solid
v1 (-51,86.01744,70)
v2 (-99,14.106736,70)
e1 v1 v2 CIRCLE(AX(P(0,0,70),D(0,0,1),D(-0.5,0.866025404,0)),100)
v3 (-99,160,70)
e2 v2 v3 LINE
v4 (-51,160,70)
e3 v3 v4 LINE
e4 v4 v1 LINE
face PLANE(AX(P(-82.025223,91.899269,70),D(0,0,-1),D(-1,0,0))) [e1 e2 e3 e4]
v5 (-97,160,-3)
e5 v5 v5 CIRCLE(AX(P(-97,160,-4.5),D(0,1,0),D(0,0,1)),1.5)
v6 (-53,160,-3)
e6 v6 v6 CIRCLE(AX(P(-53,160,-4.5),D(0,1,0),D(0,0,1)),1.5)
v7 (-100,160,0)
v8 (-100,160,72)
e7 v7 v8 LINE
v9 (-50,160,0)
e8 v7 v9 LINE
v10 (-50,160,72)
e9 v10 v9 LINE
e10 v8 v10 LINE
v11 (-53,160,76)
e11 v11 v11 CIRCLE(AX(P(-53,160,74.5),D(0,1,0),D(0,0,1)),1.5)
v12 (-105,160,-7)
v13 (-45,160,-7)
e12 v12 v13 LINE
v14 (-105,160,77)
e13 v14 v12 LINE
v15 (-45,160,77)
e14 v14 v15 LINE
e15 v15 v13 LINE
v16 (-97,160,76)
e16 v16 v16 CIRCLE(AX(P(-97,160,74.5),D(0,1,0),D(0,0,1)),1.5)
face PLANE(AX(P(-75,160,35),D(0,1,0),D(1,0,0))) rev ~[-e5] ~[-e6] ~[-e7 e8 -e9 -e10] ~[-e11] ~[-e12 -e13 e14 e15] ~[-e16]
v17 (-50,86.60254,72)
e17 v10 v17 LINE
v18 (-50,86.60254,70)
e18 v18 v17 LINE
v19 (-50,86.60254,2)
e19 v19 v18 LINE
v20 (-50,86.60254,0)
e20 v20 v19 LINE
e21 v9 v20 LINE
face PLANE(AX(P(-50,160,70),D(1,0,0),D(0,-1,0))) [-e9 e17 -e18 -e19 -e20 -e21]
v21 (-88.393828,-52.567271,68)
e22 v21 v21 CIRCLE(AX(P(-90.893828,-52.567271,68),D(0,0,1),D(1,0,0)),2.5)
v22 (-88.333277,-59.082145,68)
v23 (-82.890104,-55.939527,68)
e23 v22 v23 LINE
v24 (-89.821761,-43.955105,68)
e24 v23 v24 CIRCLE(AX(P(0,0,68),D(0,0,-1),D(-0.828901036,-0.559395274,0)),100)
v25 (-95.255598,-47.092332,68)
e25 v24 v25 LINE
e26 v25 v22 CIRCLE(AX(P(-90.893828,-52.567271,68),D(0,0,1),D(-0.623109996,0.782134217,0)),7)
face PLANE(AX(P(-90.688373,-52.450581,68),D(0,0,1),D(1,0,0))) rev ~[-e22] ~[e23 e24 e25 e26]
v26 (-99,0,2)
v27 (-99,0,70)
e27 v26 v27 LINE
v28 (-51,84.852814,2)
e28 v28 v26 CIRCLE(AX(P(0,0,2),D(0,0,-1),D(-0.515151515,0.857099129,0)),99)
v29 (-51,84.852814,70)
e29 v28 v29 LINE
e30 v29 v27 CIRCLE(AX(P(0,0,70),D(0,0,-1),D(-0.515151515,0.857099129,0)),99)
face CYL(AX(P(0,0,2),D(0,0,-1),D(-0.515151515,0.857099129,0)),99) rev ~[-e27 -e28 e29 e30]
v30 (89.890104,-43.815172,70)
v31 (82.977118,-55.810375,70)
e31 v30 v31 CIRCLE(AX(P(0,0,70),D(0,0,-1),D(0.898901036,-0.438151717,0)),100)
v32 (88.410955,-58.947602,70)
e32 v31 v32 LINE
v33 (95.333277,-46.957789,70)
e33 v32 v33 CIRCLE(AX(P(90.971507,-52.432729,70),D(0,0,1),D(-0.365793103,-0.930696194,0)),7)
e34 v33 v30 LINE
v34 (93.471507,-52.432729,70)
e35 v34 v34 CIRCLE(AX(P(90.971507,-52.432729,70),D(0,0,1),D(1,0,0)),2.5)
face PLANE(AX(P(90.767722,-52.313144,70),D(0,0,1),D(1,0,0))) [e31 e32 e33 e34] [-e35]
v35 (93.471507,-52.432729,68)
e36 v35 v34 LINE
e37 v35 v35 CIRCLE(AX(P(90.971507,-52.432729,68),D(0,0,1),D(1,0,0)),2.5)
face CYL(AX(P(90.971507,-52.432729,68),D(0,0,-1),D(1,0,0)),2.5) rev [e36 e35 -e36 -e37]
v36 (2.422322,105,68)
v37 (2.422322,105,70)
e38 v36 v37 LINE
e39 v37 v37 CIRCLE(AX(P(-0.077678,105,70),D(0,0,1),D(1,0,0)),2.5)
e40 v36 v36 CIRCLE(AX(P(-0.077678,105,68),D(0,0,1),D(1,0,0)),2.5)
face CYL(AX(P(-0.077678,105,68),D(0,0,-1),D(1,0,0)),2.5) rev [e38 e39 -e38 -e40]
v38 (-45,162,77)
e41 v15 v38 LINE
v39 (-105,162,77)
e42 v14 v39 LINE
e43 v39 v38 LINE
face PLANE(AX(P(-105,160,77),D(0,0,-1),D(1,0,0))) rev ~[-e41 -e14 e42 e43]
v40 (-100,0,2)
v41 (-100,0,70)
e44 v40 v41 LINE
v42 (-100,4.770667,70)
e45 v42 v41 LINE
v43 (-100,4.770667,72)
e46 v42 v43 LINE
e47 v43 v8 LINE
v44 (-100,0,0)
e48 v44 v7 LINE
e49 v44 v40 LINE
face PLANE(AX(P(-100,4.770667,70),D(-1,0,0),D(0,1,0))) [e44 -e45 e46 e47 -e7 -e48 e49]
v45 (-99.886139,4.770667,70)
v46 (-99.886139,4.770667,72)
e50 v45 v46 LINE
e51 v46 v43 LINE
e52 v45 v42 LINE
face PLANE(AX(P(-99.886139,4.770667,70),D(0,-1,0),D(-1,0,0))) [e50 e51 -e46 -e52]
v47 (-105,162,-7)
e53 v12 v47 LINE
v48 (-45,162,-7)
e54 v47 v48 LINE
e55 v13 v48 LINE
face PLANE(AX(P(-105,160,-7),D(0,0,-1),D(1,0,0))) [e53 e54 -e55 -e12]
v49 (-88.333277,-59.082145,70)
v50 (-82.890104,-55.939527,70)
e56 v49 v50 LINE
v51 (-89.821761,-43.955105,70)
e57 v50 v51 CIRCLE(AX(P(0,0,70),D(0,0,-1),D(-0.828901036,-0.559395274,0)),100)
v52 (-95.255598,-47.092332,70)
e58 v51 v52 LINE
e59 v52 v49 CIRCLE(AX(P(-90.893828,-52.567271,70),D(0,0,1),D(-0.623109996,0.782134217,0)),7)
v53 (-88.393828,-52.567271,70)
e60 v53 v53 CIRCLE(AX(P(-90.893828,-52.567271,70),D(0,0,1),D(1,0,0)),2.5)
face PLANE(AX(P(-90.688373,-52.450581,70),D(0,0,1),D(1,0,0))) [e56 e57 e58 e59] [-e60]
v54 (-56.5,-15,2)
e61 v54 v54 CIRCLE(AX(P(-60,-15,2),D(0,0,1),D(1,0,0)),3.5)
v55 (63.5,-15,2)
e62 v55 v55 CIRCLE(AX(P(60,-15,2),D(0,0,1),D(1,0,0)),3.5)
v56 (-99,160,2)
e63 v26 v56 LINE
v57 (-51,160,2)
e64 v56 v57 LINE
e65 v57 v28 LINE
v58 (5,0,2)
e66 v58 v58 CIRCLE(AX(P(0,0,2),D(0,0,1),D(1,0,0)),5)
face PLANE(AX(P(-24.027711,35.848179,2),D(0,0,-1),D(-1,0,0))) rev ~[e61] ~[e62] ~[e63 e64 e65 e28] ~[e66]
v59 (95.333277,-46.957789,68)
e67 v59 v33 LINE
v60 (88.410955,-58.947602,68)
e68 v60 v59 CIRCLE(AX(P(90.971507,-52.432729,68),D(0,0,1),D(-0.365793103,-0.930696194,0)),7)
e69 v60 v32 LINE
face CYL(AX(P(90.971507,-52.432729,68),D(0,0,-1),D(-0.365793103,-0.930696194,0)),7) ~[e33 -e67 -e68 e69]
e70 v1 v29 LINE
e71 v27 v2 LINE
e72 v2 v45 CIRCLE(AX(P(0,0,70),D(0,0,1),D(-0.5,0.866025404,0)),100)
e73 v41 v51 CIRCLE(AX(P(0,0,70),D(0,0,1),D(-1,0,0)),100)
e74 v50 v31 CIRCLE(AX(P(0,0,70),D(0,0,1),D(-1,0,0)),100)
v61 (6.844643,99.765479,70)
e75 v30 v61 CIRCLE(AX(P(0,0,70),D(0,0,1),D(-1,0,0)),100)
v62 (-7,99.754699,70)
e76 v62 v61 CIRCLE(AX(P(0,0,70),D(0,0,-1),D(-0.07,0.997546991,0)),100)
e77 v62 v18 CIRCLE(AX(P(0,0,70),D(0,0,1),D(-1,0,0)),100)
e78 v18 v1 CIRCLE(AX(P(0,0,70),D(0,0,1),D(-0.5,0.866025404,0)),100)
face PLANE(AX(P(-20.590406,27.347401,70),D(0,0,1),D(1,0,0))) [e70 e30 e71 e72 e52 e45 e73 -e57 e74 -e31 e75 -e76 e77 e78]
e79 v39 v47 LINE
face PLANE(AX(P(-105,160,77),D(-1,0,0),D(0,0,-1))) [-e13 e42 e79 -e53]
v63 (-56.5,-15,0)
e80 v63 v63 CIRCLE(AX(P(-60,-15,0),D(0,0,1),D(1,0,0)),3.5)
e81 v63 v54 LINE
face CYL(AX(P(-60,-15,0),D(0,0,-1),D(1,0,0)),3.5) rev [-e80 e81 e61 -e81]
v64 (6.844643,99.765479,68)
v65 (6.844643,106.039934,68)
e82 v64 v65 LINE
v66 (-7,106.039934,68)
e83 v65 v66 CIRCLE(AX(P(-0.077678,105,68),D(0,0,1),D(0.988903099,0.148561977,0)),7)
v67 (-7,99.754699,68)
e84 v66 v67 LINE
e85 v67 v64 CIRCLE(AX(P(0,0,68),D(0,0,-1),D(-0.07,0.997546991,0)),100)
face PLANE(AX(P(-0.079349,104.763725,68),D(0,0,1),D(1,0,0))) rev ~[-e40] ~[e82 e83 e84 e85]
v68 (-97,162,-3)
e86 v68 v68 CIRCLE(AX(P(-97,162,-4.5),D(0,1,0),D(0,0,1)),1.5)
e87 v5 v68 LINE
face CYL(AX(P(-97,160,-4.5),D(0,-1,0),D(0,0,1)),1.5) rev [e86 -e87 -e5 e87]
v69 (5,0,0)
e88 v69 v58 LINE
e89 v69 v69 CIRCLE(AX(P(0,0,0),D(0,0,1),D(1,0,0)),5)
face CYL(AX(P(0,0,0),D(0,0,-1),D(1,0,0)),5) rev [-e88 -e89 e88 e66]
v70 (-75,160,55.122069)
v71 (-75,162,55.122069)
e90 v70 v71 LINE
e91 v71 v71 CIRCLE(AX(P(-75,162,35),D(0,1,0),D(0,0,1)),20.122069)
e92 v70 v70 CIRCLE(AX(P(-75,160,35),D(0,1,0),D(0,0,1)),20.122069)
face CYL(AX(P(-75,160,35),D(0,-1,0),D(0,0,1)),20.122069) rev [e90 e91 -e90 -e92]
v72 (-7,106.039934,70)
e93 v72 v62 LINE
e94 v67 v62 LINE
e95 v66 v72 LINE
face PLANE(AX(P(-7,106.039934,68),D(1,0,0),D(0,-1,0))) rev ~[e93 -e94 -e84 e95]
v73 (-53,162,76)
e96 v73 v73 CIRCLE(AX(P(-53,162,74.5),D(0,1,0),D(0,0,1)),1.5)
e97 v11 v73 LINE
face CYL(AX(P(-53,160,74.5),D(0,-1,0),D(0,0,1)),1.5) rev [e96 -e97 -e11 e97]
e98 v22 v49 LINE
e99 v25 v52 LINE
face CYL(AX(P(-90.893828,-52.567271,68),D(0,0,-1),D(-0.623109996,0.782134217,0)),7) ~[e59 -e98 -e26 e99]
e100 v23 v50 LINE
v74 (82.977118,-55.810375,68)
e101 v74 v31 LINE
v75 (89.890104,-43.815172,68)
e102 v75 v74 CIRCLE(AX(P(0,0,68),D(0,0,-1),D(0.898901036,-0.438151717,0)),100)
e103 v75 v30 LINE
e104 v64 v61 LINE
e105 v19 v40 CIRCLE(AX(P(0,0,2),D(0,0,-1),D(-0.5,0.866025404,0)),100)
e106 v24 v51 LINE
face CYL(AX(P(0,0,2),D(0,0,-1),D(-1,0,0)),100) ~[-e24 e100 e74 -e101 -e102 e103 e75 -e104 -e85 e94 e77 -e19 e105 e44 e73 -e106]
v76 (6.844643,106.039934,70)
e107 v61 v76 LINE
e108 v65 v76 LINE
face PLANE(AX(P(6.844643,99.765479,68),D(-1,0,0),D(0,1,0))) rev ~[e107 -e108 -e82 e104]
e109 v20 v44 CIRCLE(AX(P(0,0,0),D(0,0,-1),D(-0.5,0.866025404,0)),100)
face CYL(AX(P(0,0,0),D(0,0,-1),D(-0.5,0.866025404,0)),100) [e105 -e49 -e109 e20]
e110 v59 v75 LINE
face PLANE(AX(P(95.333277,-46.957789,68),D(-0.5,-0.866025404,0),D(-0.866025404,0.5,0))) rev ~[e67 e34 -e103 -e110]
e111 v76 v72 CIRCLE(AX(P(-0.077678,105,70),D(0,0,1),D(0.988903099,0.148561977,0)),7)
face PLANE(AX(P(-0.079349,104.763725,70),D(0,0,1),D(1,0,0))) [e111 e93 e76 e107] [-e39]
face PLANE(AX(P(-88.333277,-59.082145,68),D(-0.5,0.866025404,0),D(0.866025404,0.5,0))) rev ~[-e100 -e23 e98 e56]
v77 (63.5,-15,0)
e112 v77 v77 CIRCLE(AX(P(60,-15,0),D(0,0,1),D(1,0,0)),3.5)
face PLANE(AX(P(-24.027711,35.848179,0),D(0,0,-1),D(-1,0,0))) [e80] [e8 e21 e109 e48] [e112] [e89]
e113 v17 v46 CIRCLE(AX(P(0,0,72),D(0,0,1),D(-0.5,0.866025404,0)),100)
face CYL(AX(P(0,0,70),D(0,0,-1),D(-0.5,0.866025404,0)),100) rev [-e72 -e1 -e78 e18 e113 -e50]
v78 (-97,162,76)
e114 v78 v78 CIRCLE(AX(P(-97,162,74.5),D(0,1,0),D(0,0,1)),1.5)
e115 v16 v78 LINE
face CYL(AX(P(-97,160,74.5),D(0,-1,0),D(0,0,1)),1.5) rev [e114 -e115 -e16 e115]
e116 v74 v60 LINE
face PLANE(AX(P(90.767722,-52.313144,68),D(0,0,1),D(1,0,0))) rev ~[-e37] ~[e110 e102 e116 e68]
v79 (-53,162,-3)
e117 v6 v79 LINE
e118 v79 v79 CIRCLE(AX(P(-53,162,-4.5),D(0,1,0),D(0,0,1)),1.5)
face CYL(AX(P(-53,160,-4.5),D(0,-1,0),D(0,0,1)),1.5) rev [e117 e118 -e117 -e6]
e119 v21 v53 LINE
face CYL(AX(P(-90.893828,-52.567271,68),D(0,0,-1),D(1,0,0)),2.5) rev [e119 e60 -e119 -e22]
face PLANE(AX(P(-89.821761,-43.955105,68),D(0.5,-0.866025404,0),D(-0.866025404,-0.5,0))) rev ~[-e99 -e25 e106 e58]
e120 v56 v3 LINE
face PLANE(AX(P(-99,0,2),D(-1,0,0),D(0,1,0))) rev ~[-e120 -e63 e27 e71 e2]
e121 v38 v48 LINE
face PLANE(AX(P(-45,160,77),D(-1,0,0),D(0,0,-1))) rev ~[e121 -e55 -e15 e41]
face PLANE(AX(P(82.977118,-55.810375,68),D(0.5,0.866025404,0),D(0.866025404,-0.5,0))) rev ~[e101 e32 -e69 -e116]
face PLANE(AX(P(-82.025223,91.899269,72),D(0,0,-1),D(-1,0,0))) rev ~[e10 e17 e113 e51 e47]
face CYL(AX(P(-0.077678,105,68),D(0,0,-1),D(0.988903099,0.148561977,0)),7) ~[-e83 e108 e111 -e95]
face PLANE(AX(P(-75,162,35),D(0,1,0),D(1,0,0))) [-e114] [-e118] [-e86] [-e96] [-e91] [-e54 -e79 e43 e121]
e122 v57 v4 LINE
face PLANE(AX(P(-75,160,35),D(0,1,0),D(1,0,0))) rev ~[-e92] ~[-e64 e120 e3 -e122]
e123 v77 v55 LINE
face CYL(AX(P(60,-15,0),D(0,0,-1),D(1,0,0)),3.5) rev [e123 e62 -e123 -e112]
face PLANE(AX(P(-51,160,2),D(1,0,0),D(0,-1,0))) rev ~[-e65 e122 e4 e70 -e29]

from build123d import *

# Parameters (mm, degrees)
IZIM1_R                     = 3.5
IZIM1_R_2                   = 5
Y_KSEKLIK_EKSTR_ZYON1_DEPTH = 2
Y_KSEKLIK_EKSTR_ZYON3_DEPTH = 68
Y_KSEKLIK_EKSTR_ZYON4_DEPTH = 2
Y_KSEKLIK_EKSTR_ZYON6_START = -2
IZIM6_R                     = 2.5
Y_KSEKLIK_EKSTR_ZYON6_DEPTH = 2
IZIM8_W                     = 60
IZIM8_H                     = 84
IZIM8_R                     = 20.122069198
IZIM8_R_2                   = 1.5
Y_KSEKLIK_EKSTR_ZYON7_DEPTH = 2


with BuildPart() as part:
    # Çizim1 → Yükseklik-Ekstrüzyon1 (new body)
    with BuildSketch(Plane.XY):
        with BuildLine():
            Line((-100, 0), (-100, 160))
            Line((-100, 160), (-50, 160))
            Line((-50, 160), (-50, 86.602540378))
            ThreePointArc((-50, 86.602540378), (86.602540378, -50), (-100, 0))
        make_face()
        with Locations((-60, -15)):
            Circle(IZIM1_R, mode=Mode.SUBTRACT)
        with Locations((60, -15)):
            Circle(IZIM1_R, mode=Mode.SUBTRACT)
        Circle(IZIM1_R_2, mode=Mode.SUBTRACT)
    extrude(amount=Y_KSEKLIK_EKSTR_ZYON1_DEPTH)

    # Çizim2 → Yükseklik-Ekstrüzyon3 (add)
    with BuildSketch(Plane.XY.offset(2)):
        with BuildLine():
            Line((-50, 86.602540378), (-50, 160))
            Line((-50, 160), (-51, 160))
            Line((-51, 160), (-51, 159))
            Line((-51, 159), (-51, 84.852813742))
            ThreePointArc((-51, 84.852813742), (86.168439698, -48.744230428), (-99, 0))
            Line((-99, 0), (-99, 159))
            Line((-99, 159), (-99, 160))
            Line((-99, 160), (-100, 160))
            Line((-100, 160), (-100, 0))
            ThreePointArc((-100, 0), (86.602540378, -50), (-50, 86.602540378))
        make_face()
    extrude(amount=Y_KSEKLIK_EKSTR_ZYON3_DEPTH)

    # Çizim4 → Yükseklik-Ekstrüzyon4 (add)
    with BuildSketch(Plane.XY.offset(70)):
        with BuildLine():
            Line((-100, 160), (-50, 160))
            Line((-50, 160), (-50, 86.602540378))
            ThreePointArc((-50, 86.602540378), (-85.384878706, 52.052113198), (-99.88613884, 4.77066743))
            Line((-99.88613884, 4.77066743), (-100, 4.77066743))
            Line((-100, 4.77066743), (-100, 160))
        make_face()
    extrude(amount=Y_KSEKLIK_EKSTR_ZYON4_DEPTH)

    # Çizim6 → Yükseklik-Ekstrüzyon6 (add)
    # profile 1 of 3: a face of its own
    with BuildSketch(Plane.XY.offset(70).offset(Y_KSEKLIK_EKSTR_ZYON6_START)):
        with BuildLine():
            ThreePointArc((-7, 99.754699137), (-0.077865091, 99.999969685), (6.844643384, 99.765479285))
            Line((6.844643384, 99.765479285), (6.844643384, 106.039933839))
            ThreePointArc((6.844643384, 106.039933839), (-0.077678308, 112), (-7, 106.039933839))
            Line((-7, 106.039933839), (-7, 99.754699137))
        make_face()
        with Locations((-0.077678308, 105)):
            Circle(IZIM6_R, mode=Mode.SUBTRACT)
    # profile 2 of 3: a face of its own
    with BuildSketch(Plane.XY.offset(70).offset(Y_KSEKLIK_EKSTR_ZYON6_START)):
        with BuildLine():
            Line((-88.33327652, -59.082144746), (-82.8901036, -55.939527395))
            ThreePointArc((-82.8901036, -55.939527395), (-86.563581579, -50.067417989), (-89.821761174, -43.955104592))
            Line((-89.821761174, -43.955104592), (-95.255598212, -47.092331869))
            ThreePointArc((-95.255598212, -47.092331869), (-96.95600607, -56.067271388), (-88.33327652, -59.082144746))
        make_face()
        with Locations((-90.893828243, -52.567271388)):
            Circle(IZIM6_R, mode=Mode.SUBTRACT)
    # profile 3 of 3: a face of its own
    with BuildSketch(Plane.XY.offset(70).offset(Y_KSEKLIK_EKSTR_ZYON6_START)):
        with BuildLine():
            ThreePointArc((88.410954828, -58.94760197), (97.033684378, -55.932728612), (95.33327652, -46.957789093))
            Line((95.33327652, -46.957789093), (89.8901036, -43.815171742))
            ThreePointArc((89.8901036, -43.815171742), (86.641446671, -49.932551696), (82.977117789, -55.810374693))
            Line((82.977117789, -55.810374693), (88.410954828, -58.94760197))
        make_face()
        with Locations((90.971506551, -52.432728612)):
            Circle(IZIM6_R, mode=Mode.SUBTRACT)
    extrude(amount=Y_KSEKLIK_EKSTR_ZYON6_DEPTH)

    # Çizim8 → Yükseklik-Ekstrüzyon7 (add)
    with BuildSketch(Plane(origin=(0, 160, 0), x_dir=(1, 0, 0), z_dir=(0, 1, 0))):
        with Locations((-75, -35)):
            Rectangle(IZIM8_W, IZIM8_H)
        with Locations(Location((-75, -35, 0), (0, 0, 270))):
            Circle(IZIM8_R, mode=Mode.SUBTRACT)
        with Locations(Location((-97, 4.5, 0), (0, 0, 270))):
            Circle(IZIM8_R_2, mode=Mode.SUBTRACT)
        with Locations(Location((-53, 4.5, 0), (0, 0, 270))):
            Circle(IZIM8_R_2, mode=Mode.SUBTRACT)
        with Locations(Location((-53, -74.5, 0), (0, 0, 270))):
            Circle(IZIM8_R_2, mode=Mode.SUBTRACT)
        with Locations(Location((-97, -74.5, 0), (0, 0, 270))):
            Circle(IZIM8_R_2, mode=Mode.SUBTRACT)
    extrude(amount=Y_KSEKLIK_EKSTR_ZYON7_DEPTH)


solid = part.part
